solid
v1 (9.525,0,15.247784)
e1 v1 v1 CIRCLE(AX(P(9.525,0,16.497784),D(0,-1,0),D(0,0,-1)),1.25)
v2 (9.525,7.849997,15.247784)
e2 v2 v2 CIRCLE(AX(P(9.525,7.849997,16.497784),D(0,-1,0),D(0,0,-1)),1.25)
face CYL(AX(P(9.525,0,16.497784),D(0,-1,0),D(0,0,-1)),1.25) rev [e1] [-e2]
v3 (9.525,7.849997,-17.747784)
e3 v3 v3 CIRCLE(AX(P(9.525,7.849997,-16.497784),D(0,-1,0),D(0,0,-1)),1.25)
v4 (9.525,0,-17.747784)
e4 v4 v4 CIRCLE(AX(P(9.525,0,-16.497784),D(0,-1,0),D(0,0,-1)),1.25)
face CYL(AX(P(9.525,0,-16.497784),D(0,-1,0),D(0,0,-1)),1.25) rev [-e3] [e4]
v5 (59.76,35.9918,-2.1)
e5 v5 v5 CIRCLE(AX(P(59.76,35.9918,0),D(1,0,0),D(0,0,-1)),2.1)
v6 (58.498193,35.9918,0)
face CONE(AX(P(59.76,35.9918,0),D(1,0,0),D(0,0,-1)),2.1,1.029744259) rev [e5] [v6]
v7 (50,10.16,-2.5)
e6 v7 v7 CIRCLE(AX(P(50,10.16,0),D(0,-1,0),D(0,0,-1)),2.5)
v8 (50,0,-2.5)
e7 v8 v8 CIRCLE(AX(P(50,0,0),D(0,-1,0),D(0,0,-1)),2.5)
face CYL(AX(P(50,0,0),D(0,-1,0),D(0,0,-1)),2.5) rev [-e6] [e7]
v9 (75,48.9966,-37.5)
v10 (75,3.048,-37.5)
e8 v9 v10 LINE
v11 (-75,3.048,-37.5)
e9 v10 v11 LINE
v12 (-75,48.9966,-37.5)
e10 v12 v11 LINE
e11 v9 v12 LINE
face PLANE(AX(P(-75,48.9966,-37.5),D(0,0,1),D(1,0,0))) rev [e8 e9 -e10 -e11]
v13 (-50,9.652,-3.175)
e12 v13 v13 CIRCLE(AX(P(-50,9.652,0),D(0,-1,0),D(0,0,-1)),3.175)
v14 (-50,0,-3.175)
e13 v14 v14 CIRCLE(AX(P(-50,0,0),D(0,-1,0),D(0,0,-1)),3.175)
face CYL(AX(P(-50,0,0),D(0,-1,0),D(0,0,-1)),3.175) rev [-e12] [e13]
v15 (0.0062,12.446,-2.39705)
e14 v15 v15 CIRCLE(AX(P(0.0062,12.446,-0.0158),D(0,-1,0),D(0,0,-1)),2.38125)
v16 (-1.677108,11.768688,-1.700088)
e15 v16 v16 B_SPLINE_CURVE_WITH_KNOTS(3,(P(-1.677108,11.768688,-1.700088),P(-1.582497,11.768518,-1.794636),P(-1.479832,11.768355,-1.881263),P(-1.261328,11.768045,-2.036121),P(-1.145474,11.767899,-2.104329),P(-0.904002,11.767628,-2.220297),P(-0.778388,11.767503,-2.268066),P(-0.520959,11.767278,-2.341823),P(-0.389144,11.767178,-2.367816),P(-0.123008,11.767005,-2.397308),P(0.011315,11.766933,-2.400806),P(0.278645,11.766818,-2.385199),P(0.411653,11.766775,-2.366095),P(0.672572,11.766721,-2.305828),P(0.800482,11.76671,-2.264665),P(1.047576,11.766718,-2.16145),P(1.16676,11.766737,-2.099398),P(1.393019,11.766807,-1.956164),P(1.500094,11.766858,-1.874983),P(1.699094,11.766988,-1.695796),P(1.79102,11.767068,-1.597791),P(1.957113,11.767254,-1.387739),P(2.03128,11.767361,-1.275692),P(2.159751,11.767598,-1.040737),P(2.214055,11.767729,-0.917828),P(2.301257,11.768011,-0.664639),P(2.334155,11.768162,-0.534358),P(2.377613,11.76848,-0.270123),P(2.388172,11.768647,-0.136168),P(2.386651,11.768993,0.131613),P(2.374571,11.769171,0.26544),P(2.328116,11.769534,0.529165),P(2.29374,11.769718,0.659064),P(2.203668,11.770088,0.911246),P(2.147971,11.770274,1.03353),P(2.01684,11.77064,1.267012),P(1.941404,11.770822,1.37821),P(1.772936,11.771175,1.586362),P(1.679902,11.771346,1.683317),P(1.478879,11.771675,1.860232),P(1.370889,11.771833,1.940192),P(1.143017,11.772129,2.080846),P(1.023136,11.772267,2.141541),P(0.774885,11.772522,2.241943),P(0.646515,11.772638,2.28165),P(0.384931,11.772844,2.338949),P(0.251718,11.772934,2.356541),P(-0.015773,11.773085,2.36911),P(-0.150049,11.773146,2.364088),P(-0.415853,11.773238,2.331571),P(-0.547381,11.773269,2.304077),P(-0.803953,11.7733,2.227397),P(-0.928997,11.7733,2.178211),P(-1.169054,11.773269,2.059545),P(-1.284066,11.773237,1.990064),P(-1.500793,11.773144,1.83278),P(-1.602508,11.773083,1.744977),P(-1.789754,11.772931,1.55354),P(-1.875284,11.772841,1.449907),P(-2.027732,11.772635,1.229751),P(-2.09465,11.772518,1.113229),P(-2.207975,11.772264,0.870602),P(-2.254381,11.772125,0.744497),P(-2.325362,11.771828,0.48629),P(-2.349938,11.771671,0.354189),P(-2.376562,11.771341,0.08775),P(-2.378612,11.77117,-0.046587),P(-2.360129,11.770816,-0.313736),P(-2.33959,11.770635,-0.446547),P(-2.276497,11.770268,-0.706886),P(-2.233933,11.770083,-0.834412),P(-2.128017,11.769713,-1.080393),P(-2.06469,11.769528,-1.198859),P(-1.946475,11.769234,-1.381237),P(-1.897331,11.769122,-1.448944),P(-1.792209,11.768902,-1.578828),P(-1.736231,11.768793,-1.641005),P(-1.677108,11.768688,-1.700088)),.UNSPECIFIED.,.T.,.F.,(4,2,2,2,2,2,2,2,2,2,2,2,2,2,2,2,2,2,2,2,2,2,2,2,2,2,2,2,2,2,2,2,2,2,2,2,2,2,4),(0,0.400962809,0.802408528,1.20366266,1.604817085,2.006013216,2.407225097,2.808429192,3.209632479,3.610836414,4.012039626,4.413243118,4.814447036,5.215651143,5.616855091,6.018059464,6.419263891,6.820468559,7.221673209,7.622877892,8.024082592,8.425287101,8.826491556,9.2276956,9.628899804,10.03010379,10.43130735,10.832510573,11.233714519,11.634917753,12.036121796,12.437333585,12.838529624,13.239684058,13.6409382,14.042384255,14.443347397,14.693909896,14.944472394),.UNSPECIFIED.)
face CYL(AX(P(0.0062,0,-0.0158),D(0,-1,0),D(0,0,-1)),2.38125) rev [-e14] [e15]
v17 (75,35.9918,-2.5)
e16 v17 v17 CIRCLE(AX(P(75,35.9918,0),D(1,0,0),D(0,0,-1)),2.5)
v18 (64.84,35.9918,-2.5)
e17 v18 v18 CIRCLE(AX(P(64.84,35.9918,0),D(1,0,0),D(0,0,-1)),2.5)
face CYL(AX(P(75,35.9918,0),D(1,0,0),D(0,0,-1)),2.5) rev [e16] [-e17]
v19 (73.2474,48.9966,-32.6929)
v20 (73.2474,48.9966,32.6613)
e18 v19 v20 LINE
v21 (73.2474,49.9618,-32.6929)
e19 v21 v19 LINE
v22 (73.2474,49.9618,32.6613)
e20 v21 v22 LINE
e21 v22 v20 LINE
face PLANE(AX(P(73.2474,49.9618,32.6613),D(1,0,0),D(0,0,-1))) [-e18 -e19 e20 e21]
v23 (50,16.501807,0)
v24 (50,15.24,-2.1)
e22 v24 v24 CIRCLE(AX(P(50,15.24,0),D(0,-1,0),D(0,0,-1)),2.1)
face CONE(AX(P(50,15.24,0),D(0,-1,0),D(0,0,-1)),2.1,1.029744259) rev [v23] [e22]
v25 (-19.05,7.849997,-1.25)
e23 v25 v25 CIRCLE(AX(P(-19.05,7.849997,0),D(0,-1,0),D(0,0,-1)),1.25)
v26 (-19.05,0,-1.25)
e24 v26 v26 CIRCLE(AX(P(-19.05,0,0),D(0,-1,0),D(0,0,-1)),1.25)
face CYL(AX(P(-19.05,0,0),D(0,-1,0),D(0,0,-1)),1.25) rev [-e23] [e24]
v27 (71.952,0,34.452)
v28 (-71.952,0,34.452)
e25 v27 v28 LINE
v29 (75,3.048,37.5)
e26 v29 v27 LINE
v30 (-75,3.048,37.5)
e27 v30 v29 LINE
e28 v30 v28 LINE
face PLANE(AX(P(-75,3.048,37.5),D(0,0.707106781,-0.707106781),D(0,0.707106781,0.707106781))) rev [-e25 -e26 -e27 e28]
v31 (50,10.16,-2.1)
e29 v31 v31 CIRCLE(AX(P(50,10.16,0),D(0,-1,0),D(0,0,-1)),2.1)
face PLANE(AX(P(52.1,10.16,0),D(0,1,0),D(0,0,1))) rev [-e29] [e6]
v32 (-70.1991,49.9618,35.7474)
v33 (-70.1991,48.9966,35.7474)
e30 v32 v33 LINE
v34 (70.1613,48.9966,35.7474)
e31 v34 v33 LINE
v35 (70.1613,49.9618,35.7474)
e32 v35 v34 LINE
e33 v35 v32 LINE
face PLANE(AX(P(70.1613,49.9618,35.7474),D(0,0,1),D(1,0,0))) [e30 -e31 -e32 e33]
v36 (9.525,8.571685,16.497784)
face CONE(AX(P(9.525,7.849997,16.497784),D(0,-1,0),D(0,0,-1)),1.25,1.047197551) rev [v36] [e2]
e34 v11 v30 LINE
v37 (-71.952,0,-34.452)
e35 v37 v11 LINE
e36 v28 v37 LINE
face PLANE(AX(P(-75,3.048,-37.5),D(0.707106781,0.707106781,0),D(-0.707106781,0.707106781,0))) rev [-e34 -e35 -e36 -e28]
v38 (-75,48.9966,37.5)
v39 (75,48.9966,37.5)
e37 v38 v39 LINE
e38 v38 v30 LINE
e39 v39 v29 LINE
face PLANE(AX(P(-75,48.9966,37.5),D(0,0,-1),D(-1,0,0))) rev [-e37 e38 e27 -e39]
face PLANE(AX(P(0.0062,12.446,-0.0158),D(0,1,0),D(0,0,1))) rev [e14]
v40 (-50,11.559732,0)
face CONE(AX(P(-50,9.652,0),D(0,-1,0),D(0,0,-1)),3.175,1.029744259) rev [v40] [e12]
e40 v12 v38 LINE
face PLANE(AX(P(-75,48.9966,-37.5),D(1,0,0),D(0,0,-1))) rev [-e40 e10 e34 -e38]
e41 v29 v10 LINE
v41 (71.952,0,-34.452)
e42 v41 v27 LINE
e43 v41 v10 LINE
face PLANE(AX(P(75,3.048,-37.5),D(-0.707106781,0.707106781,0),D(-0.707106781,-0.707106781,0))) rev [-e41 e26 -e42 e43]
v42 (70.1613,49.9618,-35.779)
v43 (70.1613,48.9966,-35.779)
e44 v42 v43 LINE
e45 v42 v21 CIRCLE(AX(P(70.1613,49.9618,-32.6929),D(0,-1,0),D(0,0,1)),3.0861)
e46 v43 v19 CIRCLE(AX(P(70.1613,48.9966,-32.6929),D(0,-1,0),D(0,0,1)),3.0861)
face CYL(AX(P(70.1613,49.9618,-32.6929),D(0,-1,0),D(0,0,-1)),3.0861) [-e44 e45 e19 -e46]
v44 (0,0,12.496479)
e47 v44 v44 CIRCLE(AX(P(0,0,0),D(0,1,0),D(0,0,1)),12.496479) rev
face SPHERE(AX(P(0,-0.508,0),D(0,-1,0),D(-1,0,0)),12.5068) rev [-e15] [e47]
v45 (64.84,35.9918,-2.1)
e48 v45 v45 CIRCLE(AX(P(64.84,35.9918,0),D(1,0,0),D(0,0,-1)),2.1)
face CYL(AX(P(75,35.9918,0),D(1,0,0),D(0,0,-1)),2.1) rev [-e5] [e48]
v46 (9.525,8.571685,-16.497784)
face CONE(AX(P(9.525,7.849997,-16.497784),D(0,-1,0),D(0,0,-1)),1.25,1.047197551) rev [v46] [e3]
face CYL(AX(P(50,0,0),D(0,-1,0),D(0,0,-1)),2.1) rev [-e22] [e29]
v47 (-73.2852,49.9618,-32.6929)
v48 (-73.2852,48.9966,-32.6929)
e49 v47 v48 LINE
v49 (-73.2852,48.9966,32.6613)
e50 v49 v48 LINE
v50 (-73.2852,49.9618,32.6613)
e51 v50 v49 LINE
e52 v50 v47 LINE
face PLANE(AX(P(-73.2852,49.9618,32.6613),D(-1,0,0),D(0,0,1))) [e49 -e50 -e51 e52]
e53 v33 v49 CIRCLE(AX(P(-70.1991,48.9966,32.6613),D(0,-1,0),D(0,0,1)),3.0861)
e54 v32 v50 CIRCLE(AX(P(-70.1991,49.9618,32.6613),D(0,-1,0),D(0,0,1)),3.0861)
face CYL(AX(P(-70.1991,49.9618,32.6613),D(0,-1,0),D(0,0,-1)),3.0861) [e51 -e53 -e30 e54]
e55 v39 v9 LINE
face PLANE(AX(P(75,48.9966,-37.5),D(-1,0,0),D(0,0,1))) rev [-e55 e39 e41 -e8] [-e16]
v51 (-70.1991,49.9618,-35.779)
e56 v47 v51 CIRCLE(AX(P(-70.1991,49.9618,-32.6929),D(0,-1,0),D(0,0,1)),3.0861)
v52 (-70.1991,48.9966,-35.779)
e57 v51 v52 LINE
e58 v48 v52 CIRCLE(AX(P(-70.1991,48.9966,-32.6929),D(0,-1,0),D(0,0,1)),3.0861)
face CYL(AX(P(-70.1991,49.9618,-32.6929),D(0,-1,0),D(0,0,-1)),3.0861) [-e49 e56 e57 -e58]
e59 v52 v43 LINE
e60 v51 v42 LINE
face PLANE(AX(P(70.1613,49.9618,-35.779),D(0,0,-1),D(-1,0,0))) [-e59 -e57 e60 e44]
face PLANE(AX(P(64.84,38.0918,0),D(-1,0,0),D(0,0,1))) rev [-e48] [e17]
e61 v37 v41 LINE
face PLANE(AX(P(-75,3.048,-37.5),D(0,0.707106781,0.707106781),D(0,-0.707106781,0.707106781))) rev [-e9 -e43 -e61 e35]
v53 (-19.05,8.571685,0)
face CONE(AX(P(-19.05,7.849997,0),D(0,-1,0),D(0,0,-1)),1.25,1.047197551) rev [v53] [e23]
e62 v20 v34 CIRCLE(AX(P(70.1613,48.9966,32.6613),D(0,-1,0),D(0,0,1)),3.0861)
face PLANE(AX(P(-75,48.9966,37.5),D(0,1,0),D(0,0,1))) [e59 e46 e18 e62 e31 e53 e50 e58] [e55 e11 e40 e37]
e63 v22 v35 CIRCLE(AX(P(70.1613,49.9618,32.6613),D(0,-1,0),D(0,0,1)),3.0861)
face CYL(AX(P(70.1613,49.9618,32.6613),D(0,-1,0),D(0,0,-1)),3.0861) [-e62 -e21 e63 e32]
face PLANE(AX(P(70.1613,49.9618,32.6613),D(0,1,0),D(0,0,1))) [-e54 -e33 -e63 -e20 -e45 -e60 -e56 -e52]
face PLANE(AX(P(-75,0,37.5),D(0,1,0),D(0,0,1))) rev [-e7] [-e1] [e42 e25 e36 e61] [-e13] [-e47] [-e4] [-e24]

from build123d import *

# Parameters (mm, degrees)
SKETCH1_W                          = 150
SKETCH1_H                          = 75
EXTRUDE1_DEPTH                     = 48.9966
CIRPATTERN1_COUNT                  = 3
M5X0_8_TAPPED_HOLE1_D              = 4.2
M5X0_8_TAPPED_HOLE1_DEPTH          = 15.24
M5X0_8_TAPPED_HOLE1_CBORE_D        = 5
M5X0_8_TAPPED_HOLE1_CBORE_DEPTH    = 10.16
M5X0_8_TAPPED_HOLE1_TIP            = 1.2618073
F_1_4_0_25_DIAMETER_HOLE1_D        = 6.35
F_1_4_0_25_DIAMETER_HOLE1_DEPTH    = 9.652
F_1_4_0_25_DIAMETER_HOLE1_TIP      = 1.907732465
M5X0_8_TAPPED_HOLE2_D              = 4.2
M5X0_8_TAPPED_HOLE2_DEPTH          = 15.24
M5X0_8_TAPPED_HOLE2_CBORE_D        = 5
M5X0_8_TAPPED_HOLE2_CBORE_DEPTH    = 10.16
M5X0_8_TAPPED_HOLE2_TIP            = 1.2618073
F_3_16_0_1875_DIAMETER_HOLE1_D     = 4.7625
F_3_16_0_1875_DIAMETER_HOLE1_DEPTH = 12.446
CHAMFER1_SIZE                      = 3.048
EXTRUDE2_DEPTH                     = 0.96519992


with BuildPart() as part:
    # Sketch1 → Extrude1 (new body)
    with BuildSketch(Plane(origin=(0, 0, 0), x_dir=(1, 0, 0), z_dir=(0, 1, 0))):
        Rectangle(SKETCH1_W, SKETCH1_H)
    extrude(amount=EXTRUDE1_DEPTH)

    # Sketch3 → Cut-Revolve1 (revolve, cut)
    with BuildSketch(Plane.XY):
        with BuildLine():
            Line((0, -13.0148), (0, 11.9988))
            ThreePointArc((0, 11.9988), (-12.5068, -0.508), (0, -13.0148))
        make_face()
    revolve(axis=Axis((0, -13.0148, 0), (0, 1, 0)), mode=Mode.SUBTRACT)

    # Sketch4 → M3x0.5 Tapped Hole1 (revolve, cut)
    with BuildSketch(Plane(origin=(-19.05, 0, 0), x_dir=(0, 0, -1), z_dir=(1, 0, 0))):
        Polygon((0, 0), (0, 8.571684836), (1.25, 7.849997), (1.25, 0), align=None)
    m3x0_5_tapped_hole1 = revolve(axis=Axis((-19.05, -6.35, 0), (0, 1, 0)), mode=Mode.SUBTRACT)

    # CirPattern1: M3x0.5 Tapped Hole1 ×3 about axis
    cirpattern1_axis = Axis((0, 0, 0), (0, 1, 0))
    for i in range(1, CIRPATTERN1_COUNT):
        add(m3x0_5_tapped_hole1.rotate(cirpattern1_axis, i * 360 / CIRPATTERN1_COUNT), mode=Mode.SUBTRACT)

    # M5x0.8 Tapped Hole1
    with Locations(Plane(origin=(3.180539722, 0, -8.853139463), x_dir=(-1, 0, 0), z_dir=(0, -1, 0))):
        with Locations((-46.819460278, -8.853139463)):
            CounterBoreHole(M5X0_8_TAPPED_HOLE1_D / 2, M5X0_8_TAPPED_HOLE1_CBORE_D / 2, M5X0_8_TAPPED_HOLE1_CBORE_DEPTH, depth=M5X0_8_TAPPED_HOLE1_DEPTH)
            with Locations((0, 0, -(M5X0_8_TAPPED_HOLE1_DEPTH + M5X0_8_TAPPED_HOLE1_TIP / 2))):  # 118° drill point
                Cone(0, M5X0_8_TAPPED_HOLE1_D / 2, M5X0_8_TAPPED_HOLE1_TIP, mode=Mode.SUBTRACT)

    # 1_4 _0.25_ Diameter Hole1
    with Locations(Plane(origin=(7.783143684, 0, 5.786983083), x_dir=(-1, 0, 0), z_dir=(0, -1, 0))):
        with Locations((57.783143684, 5.786983083)):
            Hole(F_1_4_0_25_DIAMETER_HOLE1_D / 2, depth=F_1_4_0_25_DIAMETER_HOLE1_DEPTH)
            with Locations((0, 0, -(F_1_4_0_25_DIAMETER_HOLE1_DEPTH + F_1_4_0_25_DIAMETER_HOLE1_TIP / 2))):  # 118° drill point
                Cone(0, F_1_4_0_25_DIAMETER_HOLE1_D / 2, F_1_4_0_25_DIAMETER_HOLE1_TIP, mode=Mode.SUBTRACT)

    # M5x0.8 Tapped Hole2
    with Locations(Plane(origin=(75, -6.107751103, -10.810874371), x_dir=(0, 0, 1), z_dir=(1, 0, 0))):
        with Locations((10.810874371, -42.099551103)):
            CounterBoreHole(M5X0_8_TAPPED_HOLE2_D / 2, M5X0_8_TAPPED_HOLE2_CBORE_D / 2, M5X0_8_TAPPED_HOLE2_CBORE_DEPTH, depth=M5X0_8_TAPPED_HOLE2_DEPTH)
            with Locations((0, 0, -(M5X0_8_TAPPED_HOLE2_DEPTH + M5X0_8_TAPPED_HOLE2_TIP / 2))):  # 118° drill point
                Cone(0, M5X0_8_TAPPED_HOLE2_D / 2, M5X0_8_TAPPED_HOLE2_TIP, mode=Mode.SUBTRACT)

    # 3_16 _0.1875_ Diameter Hole1
    with Locations(Plane(origin=(-43.604904101, 0, -18.203855586), x_dir=(-1, 0, 0), z_dir=(0, -1, 0))):
        with Locations((-43.611104101, -18.188055586)):
            Hole(F_3_16_0_1875_DIAMETER_HOLE1_D / 2, depth=F_3_16_0_1875_DIAMETER_HOLE1_DEPTH)

    # Chamfer1
    chamfer1_edges = [part.edges().sort_by_distance(p)[0] for p in [
        (0, 0, -37.5),
        (75, 0, 0),
        (0, 0, 37.5),
        (-75, 0, 0),
    ]]
    chamfer(chamfer1_edges, length=CHAMFER1_SIZE)

    # Sketch14 → Extrude2 (add)
    with BuildSketch(Plane.XZ.offset(-48.9966)):
        with BuildLine():
            Line((70.1613, 35.7474), (-70.1991, 35.7474))
            ThreePointArc((-70.1991, 35.7474), (-72.381302237, 34.843502237), (-73.2852, 32.6613))
            Line((-73.2852, 32.6613), (-73.2852, -32.6929))
            ThreePointArc((-73.2852, -32.6929), (-72.381302237, -34.875102237), (-70.1991, -35.779))
            Line((-70.1991, -35.779), (70.1613, -35.779))
            ThreePointArc((70.1613, -35.779), (72.343502237, -34.875102237), (73.2474, -32.6929))
            Line((73.2474, -32.6929), (73.2474, 32.6613))
            ThreePointArc((73.2474, 32.6613), (72.343502237, 34.843502237), (70.1613, 35.7474))
        make_face()
    extrude(amount=-EXTRUDE2_DEPTH)


solid = part.part
